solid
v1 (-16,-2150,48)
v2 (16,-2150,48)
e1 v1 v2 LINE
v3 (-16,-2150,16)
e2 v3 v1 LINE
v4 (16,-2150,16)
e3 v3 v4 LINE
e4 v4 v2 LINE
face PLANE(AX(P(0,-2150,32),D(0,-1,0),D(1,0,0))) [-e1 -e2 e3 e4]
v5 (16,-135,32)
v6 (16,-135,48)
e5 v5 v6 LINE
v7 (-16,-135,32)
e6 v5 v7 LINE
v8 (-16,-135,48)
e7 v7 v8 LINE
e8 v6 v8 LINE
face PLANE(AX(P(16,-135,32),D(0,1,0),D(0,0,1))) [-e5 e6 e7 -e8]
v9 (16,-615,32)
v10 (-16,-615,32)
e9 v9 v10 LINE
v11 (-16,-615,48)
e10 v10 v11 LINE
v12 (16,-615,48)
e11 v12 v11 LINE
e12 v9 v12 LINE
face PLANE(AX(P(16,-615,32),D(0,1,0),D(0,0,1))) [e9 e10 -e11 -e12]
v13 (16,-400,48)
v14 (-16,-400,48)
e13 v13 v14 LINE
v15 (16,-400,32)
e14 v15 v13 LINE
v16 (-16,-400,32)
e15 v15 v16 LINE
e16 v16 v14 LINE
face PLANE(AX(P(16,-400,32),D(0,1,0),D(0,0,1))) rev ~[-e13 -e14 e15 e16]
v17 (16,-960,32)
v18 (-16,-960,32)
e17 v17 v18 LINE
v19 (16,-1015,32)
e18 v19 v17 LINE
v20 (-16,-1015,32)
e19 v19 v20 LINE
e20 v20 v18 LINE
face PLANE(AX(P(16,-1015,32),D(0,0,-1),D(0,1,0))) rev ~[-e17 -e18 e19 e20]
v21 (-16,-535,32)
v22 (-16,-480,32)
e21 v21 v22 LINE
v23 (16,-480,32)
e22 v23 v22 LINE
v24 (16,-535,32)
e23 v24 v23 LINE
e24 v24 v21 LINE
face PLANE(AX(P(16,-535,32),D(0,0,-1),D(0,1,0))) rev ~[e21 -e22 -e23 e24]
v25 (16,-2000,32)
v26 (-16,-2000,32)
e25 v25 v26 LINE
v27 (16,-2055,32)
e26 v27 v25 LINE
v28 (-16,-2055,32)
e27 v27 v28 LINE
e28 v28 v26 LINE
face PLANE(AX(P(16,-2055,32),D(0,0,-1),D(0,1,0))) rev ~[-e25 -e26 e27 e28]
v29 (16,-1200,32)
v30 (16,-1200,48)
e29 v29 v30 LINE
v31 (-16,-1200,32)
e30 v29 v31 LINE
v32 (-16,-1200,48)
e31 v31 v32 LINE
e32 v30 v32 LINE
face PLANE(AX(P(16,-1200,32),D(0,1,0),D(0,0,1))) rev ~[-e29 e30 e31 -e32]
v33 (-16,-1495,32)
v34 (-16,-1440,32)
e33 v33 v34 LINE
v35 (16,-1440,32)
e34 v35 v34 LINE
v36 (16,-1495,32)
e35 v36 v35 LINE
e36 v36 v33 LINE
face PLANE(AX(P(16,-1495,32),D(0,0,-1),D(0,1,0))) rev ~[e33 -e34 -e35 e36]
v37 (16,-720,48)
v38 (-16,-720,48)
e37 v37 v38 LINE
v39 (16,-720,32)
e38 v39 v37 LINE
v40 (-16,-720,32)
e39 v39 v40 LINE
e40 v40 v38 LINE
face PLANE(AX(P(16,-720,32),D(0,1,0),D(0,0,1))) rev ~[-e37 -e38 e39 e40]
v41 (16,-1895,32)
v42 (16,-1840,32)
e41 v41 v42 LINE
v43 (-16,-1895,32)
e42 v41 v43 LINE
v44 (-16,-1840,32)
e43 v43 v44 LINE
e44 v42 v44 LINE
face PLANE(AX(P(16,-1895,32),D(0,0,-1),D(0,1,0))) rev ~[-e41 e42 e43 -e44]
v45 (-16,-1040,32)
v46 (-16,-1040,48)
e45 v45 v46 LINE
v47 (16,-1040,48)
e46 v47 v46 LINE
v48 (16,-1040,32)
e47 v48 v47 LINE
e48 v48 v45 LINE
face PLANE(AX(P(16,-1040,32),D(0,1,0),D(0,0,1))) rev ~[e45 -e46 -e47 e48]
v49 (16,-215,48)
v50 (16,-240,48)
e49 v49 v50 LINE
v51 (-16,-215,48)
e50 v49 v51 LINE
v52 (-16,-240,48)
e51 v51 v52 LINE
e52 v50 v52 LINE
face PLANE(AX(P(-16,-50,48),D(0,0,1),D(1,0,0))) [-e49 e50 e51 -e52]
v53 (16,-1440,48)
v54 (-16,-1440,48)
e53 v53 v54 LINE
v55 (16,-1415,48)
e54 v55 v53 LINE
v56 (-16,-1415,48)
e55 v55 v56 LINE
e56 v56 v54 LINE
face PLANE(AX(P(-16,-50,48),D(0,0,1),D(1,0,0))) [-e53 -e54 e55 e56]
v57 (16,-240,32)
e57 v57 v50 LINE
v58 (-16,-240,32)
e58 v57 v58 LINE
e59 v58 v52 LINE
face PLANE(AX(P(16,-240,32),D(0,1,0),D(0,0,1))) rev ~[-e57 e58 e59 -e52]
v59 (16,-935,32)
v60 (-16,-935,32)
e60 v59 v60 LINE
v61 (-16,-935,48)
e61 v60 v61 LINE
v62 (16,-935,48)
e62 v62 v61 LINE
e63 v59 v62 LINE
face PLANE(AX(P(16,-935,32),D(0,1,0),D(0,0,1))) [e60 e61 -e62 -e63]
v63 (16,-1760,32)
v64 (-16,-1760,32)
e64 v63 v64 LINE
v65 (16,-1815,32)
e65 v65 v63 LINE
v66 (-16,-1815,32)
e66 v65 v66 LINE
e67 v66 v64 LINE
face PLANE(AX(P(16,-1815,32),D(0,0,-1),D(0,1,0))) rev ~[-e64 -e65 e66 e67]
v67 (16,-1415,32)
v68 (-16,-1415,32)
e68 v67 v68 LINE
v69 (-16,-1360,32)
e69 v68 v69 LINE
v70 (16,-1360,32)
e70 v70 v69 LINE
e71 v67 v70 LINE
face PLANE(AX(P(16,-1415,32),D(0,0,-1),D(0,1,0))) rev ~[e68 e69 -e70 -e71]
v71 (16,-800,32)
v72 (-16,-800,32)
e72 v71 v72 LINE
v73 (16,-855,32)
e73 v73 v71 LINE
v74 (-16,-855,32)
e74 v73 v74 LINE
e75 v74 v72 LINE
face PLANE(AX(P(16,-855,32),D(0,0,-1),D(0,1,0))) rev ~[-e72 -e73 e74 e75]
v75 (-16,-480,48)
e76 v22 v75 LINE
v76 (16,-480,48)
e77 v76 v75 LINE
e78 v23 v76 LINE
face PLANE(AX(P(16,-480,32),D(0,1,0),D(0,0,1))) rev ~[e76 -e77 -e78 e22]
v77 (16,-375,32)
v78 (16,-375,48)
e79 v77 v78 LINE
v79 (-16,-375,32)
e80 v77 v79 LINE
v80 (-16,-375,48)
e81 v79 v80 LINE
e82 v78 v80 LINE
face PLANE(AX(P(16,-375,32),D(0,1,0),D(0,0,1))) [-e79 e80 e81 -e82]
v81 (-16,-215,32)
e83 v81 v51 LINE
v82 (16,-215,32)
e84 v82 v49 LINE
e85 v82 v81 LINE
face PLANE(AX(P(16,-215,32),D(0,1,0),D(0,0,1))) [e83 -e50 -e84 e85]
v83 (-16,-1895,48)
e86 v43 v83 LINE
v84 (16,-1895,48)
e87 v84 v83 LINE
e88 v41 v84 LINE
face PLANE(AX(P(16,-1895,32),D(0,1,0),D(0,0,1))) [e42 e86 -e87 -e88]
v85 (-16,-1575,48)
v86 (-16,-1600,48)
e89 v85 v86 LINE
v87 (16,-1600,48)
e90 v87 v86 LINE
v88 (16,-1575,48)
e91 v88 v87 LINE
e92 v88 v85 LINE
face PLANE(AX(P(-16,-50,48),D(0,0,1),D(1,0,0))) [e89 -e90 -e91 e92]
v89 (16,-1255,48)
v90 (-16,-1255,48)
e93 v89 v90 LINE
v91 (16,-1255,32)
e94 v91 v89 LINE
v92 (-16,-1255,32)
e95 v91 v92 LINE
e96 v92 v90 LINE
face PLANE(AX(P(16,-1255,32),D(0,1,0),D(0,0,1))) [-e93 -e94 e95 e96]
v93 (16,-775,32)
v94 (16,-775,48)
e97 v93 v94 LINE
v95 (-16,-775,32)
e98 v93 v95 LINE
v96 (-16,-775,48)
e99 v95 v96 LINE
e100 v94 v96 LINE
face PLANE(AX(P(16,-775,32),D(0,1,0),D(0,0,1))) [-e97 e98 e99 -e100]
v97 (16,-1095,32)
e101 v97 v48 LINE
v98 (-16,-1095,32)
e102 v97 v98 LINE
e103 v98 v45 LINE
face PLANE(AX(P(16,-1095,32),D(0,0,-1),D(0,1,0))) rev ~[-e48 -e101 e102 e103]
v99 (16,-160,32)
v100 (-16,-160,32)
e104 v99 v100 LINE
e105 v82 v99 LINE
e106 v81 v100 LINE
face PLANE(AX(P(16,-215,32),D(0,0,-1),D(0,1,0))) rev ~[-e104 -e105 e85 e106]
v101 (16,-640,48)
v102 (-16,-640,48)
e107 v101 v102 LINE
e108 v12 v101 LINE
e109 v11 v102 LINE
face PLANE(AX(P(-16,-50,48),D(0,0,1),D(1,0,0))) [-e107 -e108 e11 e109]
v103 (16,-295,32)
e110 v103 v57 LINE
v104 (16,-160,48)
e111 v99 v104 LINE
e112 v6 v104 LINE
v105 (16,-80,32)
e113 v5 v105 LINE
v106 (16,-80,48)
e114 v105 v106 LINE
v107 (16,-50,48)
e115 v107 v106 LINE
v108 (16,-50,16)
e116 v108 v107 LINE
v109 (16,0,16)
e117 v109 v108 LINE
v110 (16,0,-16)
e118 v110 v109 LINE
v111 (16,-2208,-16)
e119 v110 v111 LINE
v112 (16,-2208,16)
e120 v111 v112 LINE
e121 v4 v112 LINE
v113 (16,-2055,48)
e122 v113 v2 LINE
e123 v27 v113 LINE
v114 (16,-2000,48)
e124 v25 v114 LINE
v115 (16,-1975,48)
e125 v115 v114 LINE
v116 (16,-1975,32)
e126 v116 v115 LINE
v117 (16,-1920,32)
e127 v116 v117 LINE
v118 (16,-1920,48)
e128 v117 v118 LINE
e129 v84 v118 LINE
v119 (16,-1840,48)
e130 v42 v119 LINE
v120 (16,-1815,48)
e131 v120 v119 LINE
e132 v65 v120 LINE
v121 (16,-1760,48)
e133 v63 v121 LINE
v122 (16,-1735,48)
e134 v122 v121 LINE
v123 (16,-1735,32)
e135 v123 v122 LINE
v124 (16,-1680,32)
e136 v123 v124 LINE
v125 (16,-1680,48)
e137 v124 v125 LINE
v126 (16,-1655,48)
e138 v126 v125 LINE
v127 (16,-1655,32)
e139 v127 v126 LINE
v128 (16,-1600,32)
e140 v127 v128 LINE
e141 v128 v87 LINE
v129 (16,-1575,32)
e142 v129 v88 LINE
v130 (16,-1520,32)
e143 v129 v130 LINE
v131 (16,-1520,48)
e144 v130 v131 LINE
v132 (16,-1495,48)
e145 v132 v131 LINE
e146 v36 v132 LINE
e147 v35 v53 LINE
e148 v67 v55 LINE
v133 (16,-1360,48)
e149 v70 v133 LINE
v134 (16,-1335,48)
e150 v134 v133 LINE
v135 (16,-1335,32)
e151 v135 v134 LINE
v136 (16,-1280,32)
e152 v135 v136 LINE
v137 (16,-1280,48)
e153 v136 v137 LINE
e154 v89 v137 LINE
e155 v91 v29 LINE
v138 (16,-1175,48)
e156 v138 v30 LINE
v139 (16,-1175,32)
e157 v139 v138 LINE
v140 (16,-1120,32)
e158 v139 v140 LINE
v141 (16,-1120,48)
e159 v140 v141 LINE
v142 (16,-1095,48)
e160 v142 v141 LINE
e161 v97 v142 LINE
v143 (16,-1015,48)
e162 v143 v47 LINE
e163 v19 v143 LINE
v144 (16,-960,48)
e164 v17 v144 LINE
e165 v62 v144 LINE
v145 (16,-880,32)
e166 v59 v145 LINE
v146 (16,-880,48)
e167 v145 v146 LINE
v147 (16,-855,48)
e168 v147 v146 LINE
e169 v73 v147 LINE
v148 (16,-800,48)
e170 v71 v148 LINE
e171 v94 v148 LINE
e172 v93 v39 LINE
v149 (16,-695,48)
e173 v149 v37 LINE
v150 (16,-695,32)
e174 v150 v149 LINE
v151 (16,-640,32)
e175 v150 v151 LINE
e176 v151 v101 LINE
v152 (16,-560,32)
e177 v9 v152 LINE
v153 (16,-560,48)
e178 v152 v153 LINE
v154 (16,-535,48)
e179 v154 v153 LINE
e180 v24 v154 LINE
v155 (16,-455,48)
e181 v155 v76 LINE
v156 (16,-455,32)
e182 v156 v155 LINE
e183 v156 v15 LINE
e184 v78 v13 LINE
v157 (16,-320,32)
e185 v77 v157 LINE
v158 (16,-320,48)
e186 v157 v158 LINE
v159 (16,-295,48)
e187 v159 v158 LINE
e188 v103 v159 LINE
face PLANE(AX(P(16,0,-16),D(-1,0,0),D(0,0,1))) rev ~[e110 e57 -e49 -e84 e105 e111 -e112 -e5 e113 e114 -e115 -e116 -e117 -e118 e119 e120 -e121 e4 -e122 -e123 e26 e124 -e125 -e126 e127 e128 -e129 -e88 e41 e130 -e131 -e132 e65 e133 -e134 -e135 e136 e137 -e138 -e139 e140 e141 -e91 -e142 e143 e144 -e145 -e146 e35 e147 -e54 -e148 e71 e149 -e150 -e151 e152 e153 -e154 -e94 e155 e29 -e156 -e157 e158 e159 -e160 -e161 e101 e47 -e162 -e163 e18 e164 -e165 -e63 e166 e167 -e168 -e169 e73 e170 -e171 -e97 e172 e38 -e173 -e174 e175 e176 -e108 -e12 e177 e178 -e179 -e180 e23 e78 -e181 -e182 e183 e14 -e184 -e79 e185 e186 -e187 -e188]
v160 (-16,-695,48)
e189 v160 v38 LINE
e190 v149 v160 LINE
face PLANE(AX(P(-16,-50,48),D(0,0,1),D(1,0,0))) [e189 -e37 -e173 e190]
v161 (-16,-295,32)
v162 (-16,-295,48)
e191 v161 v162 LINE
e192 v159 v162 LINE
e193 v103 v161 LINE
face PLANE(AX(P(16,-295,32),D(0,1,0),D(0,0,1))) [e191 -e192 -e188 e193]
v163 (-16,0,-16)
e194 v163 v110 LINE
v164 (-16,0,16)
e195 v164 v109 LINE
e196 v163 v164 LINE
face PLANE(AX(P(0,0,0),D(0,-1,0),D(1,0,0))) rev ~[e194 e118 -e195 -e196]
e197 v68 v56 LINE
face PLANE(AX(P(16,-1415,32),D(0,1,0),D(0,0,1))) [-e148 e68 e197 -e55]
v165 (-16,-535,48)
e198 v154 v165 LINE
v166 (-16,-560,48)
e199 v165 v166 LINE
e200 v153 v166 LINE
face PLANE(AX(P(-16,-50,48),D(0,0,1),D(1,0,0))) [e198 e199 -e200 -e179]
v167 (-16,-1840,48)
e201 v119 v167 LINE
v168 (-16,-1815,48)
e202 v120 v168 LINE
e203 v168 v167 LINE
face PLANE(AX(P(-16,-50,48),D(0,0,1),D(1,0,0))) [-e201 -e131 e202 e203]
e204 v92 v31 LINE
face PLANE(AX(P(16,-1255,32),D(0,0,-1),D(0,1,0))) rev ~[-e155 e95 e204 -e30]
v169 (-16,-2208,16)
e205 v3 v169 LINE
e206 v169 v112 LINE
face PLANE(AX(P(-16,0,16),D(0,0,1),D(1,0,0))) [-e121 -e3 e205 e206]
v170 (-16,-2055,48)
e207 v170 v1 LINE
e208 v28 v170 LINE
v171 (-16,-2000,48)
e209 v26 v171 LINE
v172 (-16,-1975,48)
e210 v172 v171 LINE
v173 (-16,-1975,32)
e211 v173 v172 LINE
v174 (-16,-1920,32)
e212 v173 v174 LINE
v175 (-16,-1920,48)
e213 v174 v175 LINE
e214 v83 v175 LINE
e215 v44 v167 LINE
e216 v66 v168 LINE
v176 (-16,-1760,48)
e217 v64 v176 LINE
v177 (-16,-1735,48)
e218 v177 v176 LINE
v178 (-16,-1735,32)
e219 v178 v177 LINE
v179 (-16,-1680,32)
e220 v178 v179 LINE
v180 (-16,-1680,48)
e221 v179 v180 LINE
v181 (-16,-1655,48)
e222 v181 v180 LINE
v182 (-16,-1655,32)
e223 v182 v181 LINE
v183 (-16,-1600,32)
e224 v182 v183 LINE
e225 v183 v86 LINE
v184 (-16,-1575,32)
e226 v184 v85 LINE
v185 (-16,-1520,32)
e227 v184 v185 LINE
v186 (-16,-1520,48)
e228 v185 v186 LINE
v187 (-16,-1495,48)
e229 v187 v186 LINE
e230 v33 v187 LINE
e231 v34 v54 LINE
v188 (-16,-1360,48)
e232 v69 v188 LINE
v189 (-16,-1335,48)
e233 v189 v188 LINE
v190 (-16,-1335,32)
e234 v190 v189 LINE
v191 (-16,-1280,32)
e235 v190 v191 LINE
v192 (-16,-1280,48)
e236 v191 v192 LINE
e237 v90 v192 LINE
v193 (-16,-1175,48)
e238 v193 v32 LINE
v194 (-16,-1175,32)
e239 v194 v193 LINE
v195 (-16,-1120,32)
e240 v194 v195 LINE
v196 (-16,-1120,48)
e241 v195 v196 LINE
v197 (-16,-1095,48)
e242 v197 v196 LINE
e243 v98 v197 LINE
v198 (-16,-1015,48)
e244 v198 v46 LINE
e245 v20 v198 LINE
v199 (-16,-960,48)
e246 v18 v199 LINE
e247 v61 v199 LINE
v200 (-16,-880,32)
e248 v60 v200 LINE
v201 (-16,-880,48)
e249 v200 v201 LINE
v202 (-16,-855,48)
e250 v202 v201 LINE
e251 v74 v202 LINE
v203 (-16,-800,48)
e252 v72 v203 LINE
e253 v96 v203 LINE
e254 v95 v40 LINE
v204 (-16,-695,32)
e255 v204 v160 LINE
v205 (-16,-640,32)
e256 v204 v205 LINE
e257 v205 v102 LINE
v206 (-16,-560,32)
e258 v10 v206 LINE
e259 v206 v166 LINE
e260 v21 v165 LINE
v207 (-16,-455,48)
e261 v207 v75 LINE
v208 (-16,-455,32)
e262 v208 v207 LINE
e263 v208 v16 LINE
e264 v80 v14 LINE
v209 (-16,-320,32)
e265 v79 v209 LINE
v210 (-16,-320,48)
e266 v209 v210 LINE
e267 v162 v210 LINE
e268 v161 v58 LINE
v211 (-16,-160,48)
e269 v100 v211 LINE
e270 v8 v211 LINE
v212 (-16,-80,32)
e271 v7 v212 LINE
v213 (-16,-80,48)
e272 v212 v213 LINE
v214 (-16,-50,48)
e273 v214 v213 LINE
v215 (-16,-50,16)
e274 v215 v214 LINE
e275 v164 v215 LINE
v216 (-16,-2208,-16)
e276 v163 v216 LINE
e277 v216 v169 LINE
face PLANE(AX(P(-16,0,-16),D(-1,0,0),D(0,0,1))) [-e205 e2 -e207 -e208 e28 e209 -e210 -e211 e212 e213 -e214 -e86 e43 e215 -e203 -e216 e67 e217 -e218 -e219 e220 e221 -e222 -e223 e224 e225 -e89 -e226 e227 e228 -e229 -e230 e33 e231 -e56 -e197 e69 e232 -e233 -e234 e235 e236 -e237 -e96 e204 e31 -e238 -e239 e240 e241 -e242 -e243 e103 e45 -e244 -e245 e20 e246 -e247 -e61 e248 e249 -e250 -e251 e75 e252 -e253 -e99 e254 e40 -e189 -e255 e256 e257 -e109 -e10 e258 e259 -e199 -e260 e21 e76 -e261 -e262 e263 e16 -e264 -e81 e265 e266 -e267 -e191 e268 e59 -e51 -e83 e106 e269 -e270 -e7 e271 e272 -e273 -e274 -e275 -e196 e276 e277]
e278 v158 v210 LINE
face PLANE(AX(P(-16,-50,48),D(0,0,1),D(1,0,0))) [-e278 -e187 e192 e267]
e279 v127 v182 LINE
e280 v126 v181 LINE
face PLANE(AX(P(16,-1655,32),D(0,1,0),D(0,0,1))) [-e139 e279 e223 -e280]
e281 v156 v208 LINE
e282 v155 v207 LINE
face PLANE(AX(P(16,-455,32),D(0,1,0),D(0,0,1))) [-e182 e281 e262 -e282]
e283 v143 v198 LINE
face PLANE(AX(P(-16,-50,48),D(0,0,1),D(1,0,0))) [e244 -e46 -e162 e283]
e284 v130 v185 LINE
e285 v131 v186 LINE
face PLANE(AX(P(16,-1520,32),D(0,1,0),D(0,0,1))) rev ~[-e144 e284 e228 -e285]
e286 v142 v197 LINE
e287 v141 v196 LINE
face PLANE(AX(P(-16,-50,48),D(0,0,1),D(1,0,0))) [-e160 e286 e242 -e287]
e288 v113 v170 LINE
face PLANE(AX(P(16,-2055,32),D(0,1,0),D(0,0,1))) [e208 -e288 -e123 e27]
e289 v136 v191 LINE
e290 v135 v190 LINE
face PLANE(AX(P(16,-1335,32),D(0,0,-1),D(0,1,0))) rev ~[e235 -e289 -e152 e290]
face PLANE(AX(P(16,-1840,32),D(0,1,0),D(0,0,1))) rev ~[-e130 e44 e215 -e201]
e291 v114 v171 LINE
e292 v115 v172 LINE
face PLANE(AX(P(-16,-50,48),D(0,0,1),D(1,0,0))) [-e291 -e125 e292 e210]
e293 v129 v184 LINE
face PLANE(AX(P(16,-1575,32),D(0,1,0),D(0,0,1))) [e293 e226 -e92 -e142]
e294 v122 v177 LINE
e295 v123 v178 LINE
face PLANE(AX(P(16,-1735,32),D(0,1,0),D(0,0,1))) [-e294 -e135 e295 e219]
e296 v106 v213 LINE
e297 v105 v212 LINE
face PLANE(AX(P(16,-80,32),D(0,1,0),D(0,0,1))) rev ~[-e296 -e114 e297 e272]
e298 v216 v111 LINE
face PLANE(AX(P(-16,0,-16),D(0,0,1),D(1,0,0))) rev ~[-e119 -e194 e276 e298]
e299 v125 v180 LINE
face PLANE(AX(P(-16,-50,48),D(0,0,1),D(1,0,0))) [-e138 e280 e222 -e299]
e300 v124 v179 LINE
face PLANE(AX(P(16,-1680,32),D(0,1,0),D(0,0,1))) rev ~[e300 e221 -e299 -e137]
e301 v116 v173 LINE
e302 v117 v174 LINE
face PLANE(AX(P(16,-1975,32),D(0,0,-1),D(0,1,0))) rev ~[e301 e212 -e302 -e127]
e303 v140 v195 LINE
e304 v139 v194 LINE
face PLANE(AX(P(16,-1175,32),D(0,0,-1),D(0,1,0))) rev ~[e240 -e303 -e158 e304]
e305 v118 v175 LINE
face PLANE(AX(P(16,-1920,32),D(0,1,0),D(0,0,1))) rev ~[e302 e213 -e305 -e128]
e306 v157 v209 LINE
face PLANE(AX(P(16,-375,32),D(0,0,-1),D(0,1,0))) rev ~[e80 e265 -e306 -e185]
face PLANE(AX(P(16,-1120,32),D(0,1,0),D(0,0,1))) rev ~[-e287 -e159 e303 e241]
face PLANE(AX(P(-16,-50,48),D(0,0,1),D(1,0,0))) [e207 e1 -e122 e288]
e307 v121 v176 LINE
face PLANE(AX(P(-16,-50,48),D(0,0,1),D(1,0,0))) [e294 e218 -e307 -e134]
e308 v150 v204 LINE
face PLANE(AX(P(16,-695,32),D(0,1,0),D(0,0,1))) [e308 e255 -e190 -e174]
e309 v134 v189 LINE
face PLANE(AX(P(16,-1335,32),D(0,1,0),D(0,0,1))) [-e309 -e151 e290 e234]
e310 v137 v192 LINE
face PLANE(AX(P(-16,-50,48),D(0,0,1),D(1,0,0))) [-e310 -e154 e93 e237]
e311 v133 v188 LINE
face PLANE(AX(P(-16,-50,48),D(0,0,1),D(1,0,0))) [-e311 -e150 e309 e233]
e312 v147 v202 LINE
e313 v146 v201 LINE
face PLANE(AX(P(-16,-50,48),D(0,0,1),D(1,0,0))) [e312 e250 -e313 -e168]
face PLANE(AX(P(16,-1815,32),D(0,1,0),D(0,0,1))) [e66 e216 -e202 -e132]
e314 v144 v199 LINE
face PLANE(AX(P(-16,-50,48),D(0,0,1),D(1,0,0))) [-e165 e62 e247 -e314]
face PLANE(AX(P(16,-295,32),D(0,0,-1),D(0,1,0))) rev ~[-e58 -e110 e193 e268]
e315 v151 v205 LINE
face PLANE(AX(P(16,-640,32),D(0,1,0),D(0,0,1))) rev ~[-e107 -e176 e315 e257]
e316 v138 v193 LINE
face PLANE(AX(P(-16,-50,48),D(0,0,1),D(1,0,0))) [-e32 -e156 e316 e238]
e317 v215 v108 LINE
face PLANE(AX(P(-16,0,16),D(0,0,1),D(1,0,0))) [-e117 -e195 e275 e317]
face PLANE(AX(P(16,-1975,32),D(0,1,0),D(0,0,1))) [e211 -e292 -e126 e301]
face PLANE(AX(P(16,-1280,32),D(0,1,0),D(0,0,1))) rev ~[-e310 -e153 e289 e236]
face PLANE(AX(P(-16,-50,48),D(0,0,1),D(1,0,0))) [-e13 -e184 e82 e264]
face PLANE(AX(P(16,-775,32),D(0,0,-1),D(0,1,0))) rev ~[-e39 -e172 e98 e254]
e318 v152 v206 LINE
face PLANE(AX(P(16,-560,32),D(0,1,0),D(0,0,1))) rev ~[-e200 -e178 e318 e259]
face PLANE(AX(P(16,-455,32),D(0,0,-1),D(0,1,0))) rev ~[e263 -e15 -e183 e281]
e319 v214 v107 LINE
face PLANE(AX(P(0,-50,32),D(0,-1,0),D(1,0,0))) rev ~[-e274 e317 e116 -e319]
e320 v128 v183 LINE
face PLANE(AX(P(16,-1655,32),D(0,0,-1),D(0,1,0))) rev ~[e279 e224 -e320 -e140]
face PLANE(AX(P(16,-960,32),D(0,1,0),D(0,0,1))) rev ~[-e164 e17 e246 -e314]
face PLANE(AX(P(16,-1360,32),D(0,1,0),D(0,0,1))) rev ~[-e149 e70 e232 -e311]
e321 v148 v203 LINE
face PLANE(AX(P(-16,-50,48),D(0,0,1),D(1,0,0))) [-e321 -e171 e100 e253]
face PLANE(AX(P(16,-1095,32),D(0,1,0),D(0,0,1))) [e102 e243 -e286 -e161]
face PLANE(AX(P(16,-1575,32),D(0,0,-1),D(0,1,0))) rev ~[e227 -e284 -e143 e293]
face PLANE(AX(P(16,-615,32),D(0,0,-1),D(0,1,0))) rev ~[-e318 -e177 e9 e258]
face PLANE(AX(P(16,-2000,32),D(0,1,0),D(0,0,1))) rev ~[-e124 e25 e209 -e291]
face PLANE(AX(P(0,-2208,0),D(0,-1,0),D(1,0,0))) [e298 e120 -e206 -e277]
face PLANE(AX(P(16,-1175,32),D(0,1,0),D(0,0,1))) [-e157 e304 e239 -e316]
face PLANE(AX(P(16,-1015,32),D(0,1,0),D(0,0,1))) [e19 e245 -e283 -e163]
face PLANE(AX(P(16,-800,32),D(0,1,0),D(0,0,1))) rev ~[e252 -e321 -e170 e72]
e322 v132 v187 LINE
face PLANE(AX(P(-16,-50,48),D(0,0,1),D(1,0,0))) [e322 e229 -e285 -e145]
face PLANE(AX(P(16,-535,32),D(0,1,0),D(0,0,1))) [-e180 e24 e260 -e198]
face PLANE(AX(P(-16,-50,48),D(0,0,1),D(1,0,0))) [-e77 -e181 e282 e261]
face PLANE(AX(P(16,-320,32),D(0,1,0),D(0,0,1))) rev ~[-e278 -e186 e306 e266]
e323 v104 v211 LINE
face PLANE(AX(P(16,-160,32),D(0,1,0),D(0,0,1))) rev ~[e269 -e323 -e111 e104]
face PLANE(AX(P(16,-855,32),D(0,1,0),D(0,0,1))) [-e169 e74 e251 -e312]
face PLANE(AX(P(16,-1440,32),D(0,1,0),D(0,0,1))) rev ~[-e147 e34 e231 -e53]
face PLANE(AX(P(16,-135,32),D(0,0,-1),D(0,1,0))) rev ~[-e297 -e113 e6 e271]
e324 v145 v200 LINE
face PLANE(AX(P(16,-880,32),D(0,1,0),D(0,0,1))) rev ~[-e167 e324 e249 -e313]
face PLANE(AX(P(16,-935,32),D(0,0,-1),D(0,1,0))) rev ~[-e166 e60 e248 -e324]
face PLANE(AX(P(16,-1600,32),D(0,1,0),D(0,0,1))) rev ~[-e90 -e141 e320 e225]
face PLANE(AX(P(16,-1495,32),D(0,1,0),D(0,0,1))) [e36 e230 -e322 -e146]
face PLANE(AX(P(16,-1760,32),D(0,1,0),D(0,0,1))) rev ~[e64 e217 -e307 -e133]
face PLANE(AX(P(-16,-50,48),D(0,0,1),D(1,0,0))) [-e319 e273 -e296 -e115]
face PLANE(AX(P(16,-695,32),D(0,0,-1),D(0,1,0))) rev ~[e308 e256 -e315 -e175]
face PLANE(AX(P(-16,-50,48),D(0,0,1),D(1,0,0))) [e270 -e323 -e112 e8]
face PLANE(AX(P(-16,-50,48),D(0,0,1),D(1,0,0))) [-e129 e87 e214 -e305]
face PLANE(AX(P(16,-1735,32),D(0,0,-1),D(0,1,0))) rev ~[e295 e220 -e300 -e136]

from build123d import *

# Parameters (mm, degrees)
F0_W     = 32
F0_H     = 32
F1_DEPTH = 2208
F3_W     = 32
F3_H     = 32
F4_DEPTH = 2100
F5_W     = 55
F5_H     = 20
F6_DEPTH = 32


with BuildPart() as f1:
    # F0 (on Front) → F1 (new body)
    with BuildSketch(Plane.XZ):
        Rectangle(F0_W, F0_H)
    extrude(amount=F1_DEPTH)

    # F3 (on offset) → F4 (join)
    with BuildSketch(Plane.XZ.offset(50)):
        with Locations((0, 32)):
            Rectangle(F3_W, F3_H)
    extrude(amount=F4_DEPTH)

    # F5 (on face) → F6 (cut)
    with BuildSketch(Plane.YZ.offset(16)):
        with Locations((-107.5, 42)):
            Rectangle(F5_W, F5_H)
        with Locations((-187.5, 42)):
            Rectangle(F5_W, F5_H)
        with Locations((-267.5, 42)):
            Rectangle(F5_W, F5_H)
        with Locations((-347.5, 42)):
            Rectangle(F5_W, F5_H)
        with Locations((-427.5, 42)):
            Rectangle(F5_W, F5_H)
        with Locations((-507.5, 42)):
            Rectangle(F5_W, F5_H)
        with Locations((-587.5, 42)):
            Rectangle(F5_W, F5_H)
        with Locations((-667.5, 42)):
            Rectangle(F5_W, F5_H)
        with Locations((-747.5, 42)):
            Rectangle(F5_W, F5_H)
        with Locations((-827.5, 42)):
            Rectangle(F5_W, F5_H)
        with Locations((-907.5, 42)):
            Rectangle(F5_W, F5_H)
        with Locations((-987.5, 42)):
            Rectangle(F5_W, F5_H)
        with Locations((-1067.5, 42)):
            Rectangle(F5_W, F5_H)
        with Locations((-1147.5, 42)):
            Rectangle(F5_W, F5_H)
        with Locations((-1227.5, 42)):
            Rectangle(F5_W, F5_H)
        with Locations((-1307.5, 42)):
            Rectangle(F5_W, F5_H)
        with Locations((-1387.5, 42)):
            Rectangle(F5_W, F5_H)
        with Locations((-1467.5, 42)):
            Rectangle(F5_W, F5_H)
        with Locations((-1547.5, 42)):
            Rectangle(F5_W, F5_H)
        with Locations((-1627.5, 42)):
            Rectangle(F5_W, F5_H)
        with Locations((-1707.5, 42)):
            Rectangle(F5_W, F5_H)
        with Locations((-1787.5, 42)):
            Rectangle(F5_W, F5_H)
        with Locations((-1867.5, 42)):
            Rectangle(F5_W, F5_H)
        with Locations((-1947.5, 42)):
            Rectangle(F5_W, F5_H)
        with Locations((-2027.5, 42)):
            Rectangle(F5_W, F5_H)
    extrude(amount=-F6_DEPTH, mode=Mode.SUBTRACT)


solid = f1.part
